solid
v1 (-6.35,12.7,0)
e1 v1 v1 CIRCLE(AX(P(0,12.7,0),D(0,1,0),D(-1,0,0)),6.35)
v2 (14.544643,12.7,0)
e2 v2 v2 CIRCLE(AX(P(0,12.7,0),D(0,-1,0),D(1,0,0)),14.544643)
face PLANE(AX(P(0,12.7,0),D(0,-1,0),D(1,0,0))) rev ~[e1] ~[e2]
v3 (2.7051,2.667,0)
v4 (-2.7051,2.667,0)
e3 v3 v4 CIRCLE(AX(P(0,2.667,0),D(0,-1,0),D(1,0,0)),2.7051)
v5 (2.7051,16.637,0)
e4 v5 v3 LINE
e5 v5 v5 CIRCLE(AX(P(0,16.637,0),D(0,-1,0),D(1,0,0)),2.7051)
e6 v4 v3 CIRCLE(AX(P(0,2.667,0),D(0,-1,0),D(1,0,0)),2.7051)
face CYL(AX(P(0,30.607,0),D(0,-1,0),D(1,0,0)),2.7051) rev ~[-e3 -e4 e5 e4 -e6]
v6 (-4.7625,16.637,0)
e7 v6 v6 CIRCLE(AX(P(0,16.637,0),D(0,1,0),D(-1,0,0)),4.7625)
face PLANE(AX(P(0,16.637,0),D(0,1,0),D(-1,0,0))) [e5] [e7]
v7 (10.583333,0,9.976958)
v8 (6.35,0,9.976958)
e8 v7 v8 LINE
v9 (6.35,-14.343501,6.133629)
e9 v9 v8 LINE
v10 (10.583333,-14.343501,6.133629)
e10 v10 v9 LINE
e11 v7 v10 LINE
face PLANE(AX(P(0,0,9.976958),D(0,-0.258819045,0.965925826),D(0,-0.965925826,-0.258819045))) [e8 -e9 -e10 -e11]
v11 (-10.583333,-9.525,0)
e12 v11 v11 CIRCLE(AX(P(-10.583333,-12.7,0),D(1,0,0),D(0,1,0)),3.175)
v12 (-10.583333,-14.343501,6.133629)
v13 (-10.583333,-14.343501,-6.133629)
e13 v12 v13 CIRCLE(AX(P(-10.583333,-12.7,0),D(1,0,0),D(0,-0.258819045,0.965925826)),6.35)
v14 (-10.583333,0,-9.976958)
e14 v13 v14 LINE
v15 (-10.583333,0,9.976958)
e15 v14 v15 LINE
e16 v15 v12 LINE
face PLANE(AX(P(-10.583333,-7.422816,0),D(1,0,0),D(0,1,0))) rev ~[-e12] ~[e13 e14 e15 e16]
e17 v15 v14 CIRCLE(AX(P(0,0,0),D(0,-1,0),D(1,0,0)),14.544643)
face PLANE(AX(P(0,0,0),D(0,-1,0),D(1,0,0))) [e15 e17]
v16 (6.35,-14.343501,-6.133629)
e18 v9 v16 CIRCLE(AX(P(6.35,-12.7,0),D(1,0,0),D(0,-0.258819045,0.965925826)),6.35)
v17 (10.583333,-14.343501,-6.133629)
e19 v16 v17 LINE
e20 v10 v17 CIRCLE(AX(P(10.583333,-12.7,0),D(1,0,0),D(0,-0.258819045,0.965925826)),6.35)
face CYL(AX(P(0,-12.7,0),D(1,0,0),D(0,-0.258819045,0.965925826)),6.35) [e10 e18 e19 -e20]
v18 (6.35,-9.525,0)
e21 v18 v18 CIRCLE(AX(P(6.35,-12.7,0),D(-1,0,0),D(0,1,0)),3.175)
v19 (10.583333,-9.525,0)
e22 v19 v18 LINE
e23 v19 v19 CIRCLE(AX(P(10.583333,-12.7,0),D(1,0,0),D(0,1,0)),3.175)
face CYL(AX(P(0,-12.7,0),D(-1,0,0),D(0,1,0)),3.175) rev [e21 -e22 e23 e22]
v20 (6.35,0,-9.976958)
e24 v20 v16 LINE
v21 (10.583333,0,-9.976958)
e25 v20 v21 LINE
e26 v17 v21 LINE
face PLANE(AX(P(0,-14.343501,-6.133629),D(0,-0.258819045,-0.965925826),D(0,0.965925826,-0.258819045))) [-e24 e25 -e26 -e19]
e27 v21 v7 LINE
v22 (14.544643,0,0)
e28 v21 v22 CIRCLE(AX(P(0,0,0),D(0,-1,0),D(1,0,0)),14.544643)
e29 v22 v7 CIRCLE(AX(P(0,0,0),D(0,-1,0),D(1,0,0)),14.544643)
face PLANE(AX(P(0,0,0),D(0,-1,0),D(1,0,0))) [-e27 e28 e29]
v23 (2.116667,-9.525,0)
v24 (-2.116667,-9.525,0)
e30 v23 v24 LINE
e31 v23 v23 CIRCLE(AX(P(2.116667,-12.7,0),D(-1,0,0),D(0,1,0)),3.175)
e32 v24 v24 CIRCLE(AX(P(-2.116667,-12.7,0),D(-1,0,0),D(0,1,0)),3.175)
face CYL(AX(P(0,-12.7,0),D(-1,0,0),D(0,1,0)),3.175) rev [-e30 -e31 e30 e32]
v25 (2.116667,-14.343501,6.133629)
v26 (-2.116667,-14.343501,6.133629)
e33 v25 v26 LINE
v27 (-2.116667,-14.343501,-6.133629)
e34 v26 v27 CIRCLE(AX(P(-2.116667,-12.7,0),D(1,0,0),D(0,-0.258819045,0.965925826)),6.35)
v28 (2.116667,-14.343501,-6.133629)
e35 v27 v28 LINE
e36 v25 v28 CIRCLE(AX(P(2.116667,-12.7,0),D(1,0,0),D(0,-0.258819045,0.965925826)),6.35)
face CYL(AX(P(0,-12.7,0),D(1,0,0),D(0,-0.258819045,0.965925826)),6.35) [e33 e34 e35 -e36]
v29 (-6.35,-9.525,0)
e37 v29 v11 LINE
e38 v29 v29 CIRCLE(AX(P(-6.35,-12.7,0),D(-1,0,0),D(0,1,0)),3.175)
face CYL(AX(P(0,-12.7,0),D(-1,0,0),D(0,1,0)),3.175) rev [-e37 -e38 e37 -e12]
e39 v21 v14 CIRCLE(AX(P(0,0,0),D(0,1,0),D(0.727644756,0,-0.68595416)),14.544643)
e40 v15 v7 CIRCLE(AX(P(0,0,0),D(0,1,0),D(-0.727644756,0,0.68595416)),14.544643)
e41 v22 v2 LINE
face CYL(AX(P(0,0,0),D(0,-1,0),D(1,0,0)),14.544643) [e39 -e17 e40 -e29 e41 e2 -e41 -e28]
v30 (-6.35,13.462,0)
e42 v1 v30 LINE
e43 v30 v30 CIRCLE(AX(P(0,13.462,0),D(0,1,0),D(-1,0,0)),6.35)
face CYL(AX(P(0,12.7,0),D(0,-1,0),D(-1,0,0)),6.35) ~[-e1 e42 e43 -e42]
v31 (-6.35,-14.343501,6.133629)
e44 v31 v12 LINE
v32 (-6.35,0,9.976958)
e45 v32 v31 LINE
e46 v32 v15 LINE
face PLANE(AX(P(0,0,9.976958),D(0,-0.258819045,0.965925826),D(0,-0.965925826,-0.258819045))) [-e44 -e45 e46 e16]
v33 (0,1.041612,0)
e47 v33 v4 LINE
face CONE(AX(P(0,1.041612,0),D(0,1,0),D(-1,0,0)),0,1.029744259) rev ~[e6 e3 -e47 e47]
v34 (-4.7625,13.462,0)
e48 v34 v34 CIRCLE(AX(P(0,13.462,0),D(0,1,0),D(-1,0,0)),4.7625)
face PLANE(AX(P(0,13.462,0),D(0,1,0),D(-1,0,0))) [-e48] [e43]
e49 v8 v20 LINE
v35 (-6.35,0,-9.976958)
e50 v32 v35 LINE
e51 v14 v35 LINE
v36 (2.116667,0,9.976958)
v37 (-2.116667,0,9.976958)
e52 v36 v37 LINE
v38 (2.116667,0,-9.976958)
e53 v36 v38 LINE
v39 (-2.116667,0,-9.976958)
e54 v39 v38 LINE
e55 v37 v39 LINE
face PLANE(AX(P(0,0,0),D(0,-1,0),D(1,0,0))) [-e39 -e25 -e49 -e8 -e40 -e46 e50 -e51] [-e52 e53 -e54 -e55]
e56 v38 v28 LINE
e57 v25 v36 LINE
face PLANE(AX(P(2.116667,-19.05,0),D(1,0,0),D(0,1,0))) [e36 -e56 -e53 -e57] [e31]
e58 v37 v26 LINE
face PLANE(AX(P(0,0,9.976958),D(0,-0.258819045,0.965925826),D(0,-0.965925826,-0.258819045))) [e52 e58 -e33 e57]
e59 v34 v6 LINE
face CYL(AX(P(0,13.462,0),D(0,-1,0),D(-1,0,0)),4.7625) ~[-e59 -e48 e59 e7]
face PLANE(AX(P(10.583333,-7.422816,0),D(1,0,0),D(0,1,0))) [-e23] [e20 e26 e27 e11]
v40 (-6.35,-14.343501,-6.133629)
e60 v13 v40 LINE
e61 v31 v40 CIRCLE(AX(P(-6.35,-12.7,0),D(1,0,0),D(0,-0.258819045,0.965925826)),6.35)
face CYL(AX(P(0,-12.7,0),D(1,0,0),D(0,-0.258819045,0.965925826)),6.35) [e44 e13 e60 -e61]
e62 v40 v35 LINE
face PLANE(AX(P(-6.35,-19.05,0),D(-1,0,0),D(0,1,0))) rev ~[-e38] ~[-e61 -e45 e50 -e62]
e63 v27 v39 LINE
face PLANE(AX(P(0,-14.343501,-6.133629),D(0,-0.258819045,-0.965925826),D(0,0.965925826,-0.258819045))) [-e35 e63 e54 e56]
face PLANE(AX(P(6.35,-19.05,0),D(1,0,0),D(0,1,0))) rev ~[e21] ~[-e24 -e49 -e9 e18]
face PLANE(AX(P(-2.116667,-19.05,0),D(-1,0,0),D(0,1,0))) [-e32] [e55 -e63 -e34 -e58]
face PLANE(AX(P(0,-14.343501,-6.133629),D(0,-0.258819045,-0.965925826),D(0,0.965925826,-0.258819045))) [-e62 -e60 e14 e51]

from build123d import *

# Parameters (mm, degrees)
F0_R      = 3.175
F1_DEPTH  = 10.5833333333
F2_R      = 14.544643177
F3_DEPTH  = 12.7
F4_W      = 4.2333333333
F4_H      = 19.05
F5_DEPTH  = 76.2
F6_R      = 6.35
F7_DEPTH  = 0.762
F8_R      = 4.7625
F9_DEPTH  = 3.175
F11_D     = 5.4102
F11_DEPTH = 13.97
F11_TIP   = 1.6253880605


with BuildPart() as f1:
    # F0 (on Right) → F1 (new body, symmetric)
    with BuildSketch(Plane.YZ):
        with BuildLine():
            ThreePointArc((-14.3435009364, 6.1336289969), (-19.05, 0), (-14.3435009364, -6.1336289969))
            Line((-14.3435009364, -6.1336289969), (0, -9.9769584895))
            Line((0, -9.9769584895), (0, 9.9769584895))
            Line((0, 9.9769584895), (-14.3435009364, 6.1336289969))
        make_face()
        with Locations((-12.7, 0)):
            Circle(F0_R, mode=Mode.SUBTRACT)
    extrude(amount=F1_DEPTH, both=True)

    # F2 (on Front) → F3 (join)
    with BuildSketch(Plane.XZ):
        Circle(F2_R)
    extrude(amount=-F3_DEPTH)

    # F4 (on Top) → F5 (cut, symmetric)
    with BuildSketch(Plane.XY):
        with Locations((-4.2333333333, -9.525)):
            Rectangle(F4_W, F4_H)
        with Locations((4.2333333333, -9.525)):
            Rectangle(F4_W, F4_H)
    extrude(amount=F5_DEPTH, both=True, mode=Mode.SUBTRACT)

    # F6 (on face) → F7 (join)
    with BuildSketch(Plane(origin=(0, 12.7, 0), x_dir=(-1, 0, 0), z_dir=(0, 1, 0))):
        Circle(F6_R)
    extrude(amount=F7_DEPTH)

    # F8 (on face) → F9 (join)
    with BuildSketch(Plane(origin=(0, 13.462, 0), x_dir=(-1, 0, 0), z_dir=(0, 1, 0))):
        Circle(F8_R)
    extrude(amount=F9_DEPTH)

    # F11
    with Locations(Plane(origin=(0, 16.637, 0), x_dir=(-1, 0, 0), z_dir=(0, 1, 0))):
        with Locations((0, 0)):
            Hole(F11_D / 2, depth=F11_DEPTH)
            with Locations((0, 0, -(F11_DEPTH + F11_TIP / 2))):  # 118° drill point
                Cone(0, F11_D / 2, F11_TIP, mode=Mode.SUBTRACT)


solid = f1.part
